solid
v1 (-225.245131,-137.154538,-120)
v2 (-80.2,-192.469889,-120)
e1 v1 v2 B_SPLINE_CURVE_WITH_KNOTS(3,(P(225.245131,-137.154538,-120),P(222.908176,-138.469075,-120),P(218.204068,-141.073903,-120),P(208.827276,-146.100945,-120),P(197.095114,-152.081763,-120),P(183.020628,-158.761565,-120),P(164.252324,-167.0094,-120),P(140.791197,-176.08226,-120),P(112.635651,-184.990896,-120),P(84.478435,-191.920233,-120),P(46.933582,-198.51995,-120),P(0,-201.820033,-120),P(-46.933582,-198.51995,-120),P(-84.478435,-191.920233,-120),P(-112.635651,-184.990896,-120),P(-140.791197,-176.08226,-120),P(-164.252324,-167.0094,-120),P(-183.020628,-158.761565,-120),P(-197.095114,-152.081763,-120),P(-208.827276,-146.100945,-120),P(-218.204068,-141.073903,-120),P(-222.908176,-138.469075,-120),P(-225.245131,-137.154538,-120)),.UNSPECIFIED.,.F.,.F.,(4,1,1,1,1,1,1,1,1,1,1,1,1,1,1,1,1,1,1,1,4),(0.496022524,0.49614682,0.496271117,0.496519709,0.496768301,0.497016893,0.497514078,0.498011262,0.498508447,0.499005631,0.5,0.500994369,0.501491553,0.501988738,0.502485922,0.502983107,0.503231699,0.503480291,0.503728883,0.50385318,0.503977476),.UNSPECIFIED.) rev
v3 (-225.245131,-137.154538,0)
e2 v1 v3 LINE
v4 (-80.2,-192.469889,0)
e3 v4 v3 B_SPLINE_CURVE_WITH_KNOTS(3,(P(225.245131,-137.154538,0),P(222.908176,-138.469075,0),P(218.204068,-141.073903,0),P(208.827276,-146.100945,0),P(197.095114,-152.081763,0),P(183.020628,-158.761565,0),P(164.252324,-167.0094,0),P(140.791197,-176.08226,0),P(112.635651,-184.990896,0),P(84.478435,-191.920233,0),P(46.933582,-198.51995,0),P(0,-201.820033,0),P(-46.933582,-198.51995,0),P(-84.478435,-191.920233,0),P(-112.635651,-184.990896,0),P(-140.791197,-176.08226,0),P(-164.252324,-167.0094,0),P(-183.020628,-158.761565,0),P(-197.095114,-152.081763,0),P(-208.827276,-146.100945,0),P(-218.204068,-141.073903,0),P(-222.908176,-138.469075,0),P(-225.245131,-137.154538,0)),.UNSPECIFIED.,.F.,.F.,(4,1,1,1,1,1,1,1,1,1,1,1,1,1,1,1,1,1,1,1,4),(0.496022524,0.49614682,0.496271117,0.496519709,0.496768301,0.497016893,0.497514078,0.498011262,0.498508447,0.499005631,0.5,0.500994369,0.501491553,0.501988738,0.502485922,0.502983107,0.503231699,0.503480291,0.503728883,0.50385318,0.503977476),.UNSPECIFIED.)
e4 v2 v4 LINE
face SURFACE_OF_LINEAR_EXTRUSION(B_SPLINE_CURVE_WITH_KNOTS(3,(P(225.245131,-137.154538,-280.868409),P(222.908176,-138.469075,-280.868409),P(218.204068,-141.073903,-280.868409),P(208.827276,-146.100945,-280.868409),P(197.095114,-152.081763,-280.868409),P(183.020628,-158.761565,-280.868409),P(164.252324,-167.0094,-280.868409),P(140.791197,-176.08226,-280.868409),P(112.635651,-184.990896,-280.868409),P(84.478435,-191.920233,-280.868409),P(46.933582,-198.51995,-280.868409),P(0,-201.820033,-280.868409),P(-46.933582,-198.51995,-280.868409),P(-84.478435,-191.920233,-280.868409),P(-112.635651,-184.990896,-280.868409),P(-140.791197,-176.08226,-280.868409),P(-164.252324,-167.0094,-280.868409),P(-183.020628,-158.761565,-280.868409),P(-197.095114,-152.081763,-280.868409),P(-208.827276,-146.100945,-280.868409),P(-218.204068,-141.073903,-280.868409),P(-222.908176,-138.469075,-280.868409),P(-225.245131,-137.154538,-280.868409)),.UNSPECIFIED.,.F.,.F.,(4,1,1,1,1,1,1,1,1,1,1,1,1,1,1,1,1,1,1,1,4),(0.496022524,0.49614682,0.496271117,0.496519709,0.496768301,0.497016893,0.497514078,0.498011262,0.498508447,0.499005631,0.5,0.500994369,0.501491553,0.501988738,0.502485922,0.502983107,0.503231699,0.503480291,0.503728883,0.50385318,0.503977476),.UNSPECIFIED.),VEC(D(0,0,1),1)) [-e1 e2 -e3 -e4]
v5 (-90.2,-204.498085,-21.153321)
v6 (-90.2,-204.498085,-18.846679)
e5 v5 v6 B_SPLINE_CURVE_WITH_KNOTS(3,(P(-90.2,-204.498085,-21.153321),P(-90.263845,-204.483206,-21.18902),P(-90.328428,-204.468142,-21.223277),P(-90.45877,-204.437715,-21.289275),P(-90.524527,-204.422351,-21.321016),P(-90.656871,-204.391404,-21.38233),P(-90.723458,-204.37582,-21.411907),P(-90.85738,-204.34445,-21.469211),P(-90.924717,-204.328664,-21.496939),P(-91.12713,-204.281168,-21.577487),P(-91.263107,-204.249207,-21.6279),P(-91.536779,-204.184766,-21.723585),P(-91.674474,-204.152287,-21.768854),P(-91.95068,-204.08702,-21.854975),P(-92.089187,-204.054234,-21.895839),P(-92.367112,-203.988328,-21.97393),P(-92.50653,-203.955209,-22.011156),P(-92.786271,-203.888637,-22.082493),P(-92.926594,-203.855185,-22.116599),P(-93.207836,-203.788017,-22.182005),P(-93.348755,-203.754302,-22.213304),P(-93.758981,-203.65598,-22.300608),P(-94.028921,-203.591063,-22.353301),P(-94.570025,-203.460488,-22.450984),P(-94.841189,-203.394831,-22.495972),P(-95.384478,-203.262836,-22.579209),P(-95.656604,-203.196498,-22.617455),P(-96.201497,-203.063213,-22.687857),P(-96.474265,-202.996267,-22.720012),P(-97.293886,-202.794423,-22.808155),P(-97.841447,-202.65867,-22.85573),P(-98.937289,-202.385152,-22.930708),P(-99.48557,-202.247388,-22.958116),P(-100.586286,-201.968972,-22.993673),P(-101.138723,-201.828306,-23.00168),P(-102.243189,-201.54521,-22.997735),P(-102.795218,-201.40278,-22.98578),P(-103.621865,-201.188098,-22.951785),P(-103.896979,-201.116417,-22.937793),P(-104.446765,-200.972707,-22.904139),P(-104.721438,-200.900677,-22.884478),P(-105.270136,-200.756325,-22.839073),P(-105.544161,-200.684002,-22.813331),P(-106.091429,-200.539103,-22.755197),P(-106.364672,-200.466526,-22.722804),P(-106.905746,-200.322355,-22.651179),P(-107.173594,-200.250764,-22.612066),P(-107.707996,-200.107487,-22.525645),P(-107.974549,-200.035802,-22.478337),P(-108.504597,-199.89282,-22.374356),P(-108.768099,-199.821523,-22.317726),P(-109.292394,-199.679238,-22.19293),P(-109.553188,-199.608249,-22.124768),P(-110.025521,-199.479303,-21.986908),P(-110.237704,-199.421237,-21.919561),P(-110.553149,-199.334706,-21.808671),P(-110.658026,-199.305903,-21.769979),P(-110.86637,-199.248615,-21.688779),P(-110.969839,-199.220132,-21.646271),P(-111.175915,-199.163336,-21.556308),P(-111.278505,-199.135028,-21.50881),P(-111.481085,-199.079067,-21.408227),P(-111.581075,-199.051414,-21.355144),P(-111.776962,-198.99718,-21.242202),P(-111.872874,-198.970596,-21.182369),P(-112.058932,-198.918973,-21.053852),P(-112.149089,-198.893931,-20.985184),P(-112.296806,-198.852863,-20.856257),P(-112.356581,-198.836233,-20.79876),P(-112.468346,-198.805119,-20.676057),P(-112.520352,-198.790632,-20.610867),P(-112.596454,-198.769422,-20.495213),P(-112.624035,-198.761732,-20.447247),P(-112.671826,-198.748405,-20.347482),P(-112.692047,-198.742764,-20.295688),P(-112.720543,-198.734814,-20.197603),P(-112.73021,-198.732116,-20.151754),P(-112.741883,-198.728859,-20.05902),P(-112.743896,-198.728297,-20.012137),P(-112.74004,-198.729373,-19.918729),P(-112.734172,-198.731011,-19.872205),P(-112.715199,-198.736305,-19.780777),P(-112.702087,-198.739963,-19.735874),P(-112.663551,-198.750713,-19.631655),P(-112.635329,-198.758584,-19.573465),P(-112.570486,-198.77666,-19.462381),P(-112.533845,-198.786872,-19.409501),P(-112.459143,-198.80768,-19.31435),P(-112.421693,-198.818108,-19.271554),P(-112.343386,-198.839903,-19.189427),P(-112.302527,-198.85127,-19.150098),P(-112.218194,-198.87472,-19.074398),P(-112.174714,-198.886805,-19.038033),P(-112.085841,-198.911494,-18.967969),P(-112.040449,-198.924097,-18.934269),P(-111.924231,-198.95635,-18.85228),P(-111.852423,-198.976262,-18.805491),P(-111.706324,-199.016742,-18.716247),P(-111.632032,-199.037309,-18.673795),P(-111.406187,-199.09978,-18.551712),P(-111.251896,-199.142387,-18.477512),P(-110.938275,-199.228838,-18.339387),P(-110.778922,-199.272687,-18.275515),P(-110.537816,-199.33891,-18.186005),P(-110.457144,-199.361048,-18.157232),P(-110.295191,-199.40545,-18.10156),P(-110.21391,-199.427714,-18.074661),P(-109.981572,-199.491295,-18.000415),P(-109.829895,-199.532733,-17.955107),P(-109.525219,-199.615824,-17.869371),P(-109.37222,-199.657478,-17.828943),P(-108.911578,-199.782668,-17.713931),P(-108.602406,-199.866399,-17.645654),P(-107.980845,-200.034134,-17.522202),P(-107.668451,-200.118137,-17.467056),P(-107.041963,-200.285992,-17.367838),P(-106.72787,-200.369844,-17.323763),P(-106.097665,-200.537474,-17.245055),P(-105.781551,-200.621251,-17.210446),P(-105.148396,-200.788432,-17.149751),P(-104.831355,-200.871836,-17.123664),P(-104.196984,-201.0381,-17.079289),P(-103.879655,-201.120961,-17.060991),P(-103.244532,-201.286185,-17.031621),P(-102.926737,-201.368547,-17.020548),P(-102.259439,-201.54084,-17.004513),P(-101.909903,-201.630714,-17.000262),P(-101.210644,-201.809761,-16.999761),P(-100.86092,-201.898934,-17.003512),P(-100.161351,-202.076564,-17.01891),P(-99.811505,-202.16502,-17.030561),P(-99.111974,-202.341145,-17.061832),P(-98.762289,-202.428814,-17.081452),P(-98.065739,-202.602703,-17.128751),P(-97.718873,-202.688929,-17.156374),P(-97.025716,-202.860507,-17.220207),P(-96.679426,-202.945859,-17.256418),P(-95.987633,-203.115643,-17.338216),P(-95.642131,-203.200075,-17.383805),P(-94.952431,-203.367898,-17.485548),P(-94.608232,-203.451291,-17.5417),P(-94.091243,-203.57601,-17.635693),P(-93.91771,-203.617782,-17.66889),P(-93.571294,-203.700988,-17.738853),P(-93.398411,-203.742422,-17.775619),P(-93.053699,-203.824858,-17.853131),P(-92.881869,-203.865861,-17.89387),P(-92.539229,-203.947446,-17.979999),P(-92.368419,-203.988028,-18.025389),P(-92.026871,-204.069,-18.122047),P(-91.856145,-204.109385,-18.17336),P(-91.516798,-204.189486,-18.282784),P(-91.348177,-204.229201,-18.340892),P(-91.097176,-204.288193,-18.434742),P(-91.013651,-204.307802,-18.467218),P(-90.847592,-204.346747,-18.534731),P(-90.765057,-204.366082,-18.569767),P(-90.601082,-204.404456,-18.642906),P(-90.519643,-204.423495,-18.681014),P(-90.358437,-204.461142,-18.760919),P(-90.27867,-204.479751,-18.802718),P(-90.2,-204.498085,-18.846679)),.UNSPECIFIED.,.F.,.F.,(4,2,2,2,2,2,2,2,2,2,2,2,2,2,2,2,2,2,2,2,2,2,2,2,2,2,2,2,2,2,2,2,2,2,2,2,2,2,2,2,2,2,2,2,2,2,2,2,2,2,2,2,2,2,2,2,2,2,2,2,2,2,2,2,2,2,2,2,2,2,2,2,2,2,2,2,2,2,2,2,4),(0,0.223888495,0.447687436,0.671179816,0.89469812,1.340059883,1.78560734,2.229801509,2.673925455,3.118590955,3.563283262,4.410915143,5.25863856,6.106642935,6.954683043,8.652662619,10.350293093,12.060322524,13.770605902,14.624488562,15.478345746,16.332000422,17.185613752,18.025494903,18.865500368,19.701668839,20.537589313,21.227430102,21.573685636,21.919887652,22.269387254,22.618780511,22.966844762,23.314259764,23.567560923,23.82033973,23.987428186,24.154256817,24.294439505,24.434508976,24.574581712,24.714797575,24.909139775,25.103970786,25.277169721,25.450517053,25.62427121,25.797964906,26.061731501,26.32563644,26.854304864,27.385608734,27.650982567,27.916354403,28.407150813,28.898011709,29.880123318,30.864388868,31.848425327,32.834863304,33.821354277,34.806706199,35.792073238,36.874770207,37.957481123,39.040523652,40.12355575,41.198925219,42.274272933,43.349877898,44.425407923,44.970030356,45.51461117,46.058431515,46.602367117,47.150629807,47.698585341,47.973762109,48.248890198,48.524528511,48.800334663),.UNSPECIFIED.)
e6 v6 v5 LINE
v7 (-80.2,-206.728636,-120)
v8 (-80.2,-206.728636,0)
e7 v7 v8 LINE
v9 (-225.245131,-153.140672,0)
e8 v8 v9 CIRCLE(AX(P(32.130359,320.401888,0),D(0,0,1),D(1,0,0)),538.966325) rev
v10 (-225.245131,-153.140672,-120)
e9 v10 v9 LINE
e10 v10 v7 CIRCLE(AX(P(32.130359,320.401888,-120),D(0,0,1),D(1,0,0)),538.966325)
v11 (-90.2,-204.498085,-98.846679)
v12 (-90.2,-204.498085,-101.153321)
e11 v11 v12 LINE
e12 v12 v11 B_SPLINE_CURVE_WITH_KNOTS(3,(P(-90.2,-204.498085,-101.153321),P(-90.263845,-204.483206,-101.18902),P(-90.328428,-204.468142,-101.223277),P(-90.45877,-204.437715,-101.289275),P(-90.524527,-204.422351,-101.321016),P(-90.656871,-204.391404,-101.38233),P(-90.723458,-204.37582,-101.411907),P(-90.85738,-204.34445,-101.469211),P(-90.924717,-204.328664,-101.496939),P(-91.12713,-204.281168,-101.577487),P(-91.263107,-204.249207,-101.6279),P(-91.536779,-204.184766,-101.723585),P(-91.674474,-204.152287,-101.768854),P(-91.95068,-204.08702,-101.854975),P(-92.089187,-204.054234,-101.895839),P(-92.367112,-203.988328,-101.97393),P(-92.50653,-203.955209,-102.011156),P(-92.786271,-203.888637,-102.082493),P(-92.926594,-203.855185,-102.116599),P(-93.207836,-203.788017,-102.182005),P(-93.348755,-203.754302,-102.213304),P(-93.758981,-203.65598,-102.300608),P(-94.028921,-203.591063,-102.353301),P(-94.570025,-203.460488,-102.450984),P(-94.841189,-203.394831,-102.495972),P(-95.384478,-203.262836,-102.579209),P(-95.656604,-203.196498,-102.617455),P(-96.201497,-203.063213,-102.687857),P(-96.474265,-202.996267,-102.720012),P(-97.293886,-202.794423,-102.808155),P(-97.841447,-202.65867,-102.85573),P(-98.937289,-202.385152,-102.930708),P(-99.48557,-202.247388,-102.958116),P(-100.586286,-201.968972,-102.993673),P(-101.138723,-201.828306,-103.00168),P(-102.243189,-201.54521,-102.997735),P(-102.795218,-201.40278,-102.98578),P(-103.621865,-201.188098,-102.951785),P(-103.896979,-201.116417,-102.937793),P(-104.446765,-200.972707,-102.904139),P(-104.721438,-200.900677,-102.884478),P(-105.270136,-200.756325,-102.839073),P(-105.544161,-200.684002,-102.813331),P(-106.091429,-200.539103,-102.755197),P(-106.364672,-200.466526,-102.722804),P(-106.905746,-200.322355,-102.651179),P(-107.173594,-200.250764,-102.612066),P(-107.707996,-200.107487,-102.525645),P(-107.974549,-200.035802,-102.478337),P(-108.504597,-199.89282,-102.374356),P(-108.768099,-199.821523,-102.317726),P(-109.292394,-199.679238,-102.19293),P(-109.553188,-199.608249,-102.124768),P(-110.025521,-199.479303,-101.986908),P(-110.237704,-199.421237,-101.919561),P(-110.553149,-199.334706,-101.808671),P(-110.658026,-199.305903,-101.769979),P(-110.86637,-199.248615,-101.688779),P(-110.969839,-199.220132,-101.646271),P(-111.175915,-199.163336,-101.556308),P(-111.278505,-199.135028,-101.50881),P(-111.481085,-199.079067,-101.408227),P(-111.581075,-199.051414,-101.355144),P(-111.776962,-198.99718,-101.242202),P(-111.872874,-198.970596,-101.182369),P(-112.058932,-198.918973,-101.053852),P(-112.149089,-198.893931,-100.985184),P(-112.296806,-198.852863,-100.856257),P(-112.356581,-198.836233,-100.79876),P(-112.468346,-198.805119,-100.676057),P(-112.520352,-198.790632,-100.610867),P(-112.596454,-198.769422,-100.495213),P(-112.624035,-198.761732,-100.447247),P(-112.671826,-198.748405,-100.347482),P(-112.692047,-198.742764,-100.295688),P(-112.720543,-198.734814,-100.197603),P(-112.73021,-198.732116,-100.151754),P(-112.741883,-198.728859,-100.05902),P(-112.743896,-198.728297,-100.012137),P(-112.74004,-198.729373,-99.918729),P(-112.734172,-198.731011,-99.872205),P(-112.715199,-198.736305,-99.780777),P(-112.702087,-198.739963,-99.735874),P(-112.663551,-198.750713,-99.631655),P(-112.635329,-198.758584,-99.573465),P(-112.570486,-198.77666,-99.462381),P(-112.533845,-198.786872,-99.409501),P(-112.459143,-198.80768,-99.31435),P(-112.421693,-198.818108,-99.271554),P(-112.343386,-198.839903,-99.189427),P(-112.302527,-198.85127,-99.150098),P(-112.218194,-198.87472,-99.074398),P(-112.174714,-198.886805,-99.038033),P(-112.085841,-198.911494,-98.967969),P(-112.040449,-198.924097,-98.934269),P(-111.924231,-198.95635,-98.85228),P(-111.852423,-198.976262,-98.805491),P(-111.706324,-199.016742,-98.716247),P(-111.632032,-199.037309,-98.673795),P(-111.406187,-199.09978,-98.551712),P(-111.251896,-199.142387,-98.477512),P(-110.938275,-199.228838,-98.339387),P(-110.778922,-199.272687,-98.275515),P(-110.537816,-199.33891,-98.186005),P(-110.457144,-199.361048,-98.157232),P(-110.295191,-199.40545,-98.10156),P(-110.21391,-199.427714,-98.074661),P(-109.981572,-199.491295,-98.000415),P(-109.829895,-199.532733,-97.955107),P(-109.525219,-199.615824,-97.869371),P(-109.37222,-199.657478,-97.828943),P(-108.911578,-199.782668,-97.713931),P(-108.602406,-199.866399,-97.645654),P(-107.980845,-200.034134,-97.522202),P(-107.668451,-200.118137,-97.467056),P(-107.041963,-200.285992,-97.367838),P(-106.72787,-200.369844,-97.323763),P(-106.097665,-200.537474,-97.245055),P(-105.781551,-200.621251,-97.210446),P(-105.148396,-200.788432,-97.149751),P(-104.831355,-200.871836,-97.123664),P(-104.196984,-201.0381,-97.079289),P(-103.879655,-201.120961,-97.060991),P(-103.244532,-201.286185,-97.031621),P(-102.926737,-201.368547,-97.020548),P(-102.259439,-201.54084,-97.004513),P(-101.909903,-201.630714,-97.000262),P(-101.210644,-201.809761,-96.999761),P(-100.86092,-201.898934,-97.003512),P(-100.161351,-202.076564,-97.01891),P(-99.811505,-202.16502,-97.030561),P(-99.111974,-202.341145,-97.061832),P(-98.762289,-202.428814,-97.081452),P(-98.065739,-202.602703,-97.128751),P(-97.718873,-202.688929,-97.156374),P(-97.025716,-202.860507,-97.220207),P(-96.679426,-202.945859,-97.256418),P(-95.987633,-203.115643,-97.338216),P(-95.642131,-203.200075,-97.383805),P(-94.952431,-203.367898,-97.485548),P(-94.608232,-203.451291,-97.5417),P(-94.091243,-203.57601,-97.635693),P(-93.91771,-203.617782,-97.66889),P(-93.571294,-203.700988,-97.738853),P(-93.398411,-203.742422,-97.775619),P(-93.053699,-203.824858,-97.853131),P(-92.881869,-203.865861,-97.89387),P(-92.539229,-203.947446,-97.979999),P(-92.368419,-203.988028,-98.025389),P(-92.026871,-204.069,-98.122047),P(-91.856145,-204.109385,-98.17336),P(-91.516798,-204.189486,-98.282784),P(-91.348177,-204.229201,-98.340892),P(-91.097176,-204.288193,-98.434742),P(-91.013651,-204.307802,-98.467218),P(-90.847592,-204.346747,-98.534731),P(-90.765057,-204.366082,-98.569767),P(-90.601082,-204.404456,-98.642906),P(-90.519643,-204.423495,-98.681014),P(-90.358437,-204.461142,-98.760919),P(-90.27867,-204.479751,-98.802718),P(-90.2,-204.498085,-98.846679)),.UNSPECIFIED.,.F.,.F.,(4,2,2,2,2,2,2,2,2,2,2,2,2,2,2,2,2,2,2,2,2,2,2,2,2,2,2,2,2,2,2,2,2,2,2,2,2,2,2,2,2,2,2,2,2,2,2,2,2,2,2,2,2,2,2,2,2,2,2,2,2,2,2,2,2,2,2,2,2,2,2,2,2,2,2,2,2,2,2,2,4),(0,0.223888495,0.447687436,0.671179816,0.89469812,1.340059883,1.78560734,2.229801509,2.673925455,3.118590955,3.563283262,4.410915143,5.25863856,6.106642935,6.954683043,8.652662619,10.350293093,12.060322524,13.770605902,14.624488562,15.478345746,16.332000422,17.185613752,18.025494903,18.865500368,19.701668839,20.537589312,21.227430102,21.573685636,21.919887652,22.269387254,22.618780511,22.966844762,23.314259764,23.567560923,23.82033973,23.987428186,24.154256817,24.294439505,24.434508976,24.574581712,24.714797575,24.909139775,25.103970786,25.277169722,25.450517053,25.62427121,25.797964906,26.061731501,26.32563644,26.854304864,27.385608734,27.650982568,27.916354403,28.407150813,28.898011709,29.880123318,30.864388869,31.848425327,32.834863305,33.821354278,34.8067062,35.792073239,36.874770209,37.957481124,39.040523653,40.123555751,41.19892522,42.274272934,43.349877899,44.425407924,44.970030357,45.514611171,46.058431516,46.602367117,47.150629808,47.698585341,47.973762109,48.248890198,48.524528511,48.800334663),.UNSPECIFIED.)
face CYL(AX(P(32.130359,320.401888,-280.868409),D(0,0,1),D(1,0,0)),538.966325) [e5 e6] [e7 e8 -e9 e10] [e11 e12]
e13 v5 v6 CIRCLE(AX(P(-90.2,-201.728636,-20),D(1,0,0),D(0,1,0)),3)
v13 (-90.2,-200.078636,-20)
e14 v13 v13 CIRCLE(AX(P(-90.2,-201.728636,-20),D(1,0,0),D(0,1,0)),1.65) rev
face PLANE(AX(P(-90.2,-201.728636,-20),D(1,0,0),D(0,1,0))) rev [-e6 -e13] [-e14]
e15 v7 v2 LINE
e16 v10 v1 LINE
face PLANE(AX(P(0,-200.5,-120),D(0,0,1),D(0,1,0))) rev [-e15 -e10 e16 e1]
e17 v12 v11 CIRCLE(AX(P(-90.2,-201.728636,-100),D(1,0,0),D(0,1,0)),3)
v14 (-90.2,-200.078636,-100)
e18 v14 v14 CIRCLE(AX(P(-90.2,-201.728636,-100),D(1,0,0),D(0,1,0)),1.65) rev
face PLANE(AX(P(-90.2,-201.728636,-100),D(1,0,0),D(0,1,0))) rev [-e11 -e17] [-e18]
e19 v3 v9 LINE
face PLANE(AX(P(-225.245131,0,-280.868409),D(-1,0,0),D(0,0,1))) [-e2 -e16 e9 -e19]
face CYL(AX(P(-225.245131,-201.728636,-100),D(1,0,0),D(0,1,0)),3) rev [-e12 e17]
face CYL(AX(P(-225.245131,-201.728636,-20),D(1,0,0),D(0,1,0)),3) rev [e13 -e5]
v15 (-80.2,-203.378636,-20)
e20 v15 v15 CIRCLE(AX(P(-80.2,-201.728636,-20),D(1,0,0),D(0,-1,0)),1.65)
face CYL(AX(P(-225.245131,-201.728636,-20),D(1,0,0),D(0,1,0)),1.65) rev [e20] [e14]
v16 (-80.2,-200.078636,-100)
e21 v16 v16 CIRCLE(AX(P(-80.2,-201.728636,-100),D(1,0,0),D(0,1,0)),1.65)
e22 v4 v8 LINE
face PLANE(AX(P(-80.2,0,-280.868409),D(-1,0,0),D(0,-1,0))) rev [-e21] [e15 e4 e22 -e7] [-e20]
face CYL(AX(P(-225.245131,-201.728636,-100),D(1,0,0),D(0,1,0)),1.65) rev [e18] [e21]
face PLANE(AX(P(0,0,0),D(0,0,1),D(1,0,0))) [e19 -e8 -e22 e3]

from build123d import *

# Parameters (mm, degrees)
BOSS_EXTRUDE1_DEPTH = 120
SKETCH2_R           = 1.65
CUT_EXTRUDE1_DEPTH  = 280.59760166
SKETCH3_R           = 3
CUT_EXTRUDE2_DEPTH  = 275.54310452


with BuildPart() as part:
    # Sketch1 → Boss-Extrude1 (new body)
    with BuildSketch(Plane.XY):
        with BuildLine():
            Line((-80.2, -206.72863576), (-80.2, -192.469888951))
            add(Edge.make_bspline(
                [(-80.2, -192.469888951), (-81.626071271, -192.184311675), (-92.438149368, -189.961391225), (-112.635650998, -184.99089612), (-140.791197461, -176.082259845), (-164.252323786, -167.009400213), (-183.020628451, -158.761564514), (-197.095113634, -152.081763048), (-208.827276173, -146.10094494), (-218.204067638, -141.07390287), (-222.908176033, -138.469074724), (-225.24513062, -137.154537769)],
                knots=[0.501416014, 0.501416014, 0.501416014, 0.501416014, 0.501491553, 0.501988738, 0.502485922, 0.502983107, 0.503231699, 0.503480291, 0.503728883, 0.50385318, 0.503977476, 0.503977476, 0.503977476, 0.503977476], degree=3))
            Line((-225.24513062, -137.154537769), (-225.24513062, -153.140671849))
            ThreePointArc((-225.24513062, -153.140671849), (-154.65433281, -185.163318021), (-80.2, -206.72863576))
        make_face()
    extrude(amount=-BOSS_EXTRUDE1_DEPTH)

    # Sketch2 → Cut-Extrude1 (cut, through all)
    with BuildSketch(Plane(origin=(-80.2, 0, 0), x_dir=(0, 0, -1), z_dir=(1, 0, 0))):
        with Locations(Location((100, -201.72863576, 0), (0, 0, 90))):
            Circle(SKETCH2_R)
        with Locations(Location((20, -201.72863576, 0), (0, 0, 90))):
            Circle(SKETCH2_R)
    extrude(amount=-CUT_EXTRUDE1_DEPTH, mode=Mode.SUBTRACT)

    # Sketch3 → Cut-Extrude2 (cut, through all)
    with BuildSketch(Plane(origin=(-90.2, 0, 0), x_dir=(0, 0, -1), z_dir=(1, 0, 0))):
        with Locations((100, -201.72863576)):
            Circle(SKETCH3_R)
        with Locations((20, -201.72863576)):
            Circle(SKETCH3_R)
    extrude(amount=-CUT_EXTRUDE2_DEPTH, mode=Mode.SUBTRACT)


solid = part.part
